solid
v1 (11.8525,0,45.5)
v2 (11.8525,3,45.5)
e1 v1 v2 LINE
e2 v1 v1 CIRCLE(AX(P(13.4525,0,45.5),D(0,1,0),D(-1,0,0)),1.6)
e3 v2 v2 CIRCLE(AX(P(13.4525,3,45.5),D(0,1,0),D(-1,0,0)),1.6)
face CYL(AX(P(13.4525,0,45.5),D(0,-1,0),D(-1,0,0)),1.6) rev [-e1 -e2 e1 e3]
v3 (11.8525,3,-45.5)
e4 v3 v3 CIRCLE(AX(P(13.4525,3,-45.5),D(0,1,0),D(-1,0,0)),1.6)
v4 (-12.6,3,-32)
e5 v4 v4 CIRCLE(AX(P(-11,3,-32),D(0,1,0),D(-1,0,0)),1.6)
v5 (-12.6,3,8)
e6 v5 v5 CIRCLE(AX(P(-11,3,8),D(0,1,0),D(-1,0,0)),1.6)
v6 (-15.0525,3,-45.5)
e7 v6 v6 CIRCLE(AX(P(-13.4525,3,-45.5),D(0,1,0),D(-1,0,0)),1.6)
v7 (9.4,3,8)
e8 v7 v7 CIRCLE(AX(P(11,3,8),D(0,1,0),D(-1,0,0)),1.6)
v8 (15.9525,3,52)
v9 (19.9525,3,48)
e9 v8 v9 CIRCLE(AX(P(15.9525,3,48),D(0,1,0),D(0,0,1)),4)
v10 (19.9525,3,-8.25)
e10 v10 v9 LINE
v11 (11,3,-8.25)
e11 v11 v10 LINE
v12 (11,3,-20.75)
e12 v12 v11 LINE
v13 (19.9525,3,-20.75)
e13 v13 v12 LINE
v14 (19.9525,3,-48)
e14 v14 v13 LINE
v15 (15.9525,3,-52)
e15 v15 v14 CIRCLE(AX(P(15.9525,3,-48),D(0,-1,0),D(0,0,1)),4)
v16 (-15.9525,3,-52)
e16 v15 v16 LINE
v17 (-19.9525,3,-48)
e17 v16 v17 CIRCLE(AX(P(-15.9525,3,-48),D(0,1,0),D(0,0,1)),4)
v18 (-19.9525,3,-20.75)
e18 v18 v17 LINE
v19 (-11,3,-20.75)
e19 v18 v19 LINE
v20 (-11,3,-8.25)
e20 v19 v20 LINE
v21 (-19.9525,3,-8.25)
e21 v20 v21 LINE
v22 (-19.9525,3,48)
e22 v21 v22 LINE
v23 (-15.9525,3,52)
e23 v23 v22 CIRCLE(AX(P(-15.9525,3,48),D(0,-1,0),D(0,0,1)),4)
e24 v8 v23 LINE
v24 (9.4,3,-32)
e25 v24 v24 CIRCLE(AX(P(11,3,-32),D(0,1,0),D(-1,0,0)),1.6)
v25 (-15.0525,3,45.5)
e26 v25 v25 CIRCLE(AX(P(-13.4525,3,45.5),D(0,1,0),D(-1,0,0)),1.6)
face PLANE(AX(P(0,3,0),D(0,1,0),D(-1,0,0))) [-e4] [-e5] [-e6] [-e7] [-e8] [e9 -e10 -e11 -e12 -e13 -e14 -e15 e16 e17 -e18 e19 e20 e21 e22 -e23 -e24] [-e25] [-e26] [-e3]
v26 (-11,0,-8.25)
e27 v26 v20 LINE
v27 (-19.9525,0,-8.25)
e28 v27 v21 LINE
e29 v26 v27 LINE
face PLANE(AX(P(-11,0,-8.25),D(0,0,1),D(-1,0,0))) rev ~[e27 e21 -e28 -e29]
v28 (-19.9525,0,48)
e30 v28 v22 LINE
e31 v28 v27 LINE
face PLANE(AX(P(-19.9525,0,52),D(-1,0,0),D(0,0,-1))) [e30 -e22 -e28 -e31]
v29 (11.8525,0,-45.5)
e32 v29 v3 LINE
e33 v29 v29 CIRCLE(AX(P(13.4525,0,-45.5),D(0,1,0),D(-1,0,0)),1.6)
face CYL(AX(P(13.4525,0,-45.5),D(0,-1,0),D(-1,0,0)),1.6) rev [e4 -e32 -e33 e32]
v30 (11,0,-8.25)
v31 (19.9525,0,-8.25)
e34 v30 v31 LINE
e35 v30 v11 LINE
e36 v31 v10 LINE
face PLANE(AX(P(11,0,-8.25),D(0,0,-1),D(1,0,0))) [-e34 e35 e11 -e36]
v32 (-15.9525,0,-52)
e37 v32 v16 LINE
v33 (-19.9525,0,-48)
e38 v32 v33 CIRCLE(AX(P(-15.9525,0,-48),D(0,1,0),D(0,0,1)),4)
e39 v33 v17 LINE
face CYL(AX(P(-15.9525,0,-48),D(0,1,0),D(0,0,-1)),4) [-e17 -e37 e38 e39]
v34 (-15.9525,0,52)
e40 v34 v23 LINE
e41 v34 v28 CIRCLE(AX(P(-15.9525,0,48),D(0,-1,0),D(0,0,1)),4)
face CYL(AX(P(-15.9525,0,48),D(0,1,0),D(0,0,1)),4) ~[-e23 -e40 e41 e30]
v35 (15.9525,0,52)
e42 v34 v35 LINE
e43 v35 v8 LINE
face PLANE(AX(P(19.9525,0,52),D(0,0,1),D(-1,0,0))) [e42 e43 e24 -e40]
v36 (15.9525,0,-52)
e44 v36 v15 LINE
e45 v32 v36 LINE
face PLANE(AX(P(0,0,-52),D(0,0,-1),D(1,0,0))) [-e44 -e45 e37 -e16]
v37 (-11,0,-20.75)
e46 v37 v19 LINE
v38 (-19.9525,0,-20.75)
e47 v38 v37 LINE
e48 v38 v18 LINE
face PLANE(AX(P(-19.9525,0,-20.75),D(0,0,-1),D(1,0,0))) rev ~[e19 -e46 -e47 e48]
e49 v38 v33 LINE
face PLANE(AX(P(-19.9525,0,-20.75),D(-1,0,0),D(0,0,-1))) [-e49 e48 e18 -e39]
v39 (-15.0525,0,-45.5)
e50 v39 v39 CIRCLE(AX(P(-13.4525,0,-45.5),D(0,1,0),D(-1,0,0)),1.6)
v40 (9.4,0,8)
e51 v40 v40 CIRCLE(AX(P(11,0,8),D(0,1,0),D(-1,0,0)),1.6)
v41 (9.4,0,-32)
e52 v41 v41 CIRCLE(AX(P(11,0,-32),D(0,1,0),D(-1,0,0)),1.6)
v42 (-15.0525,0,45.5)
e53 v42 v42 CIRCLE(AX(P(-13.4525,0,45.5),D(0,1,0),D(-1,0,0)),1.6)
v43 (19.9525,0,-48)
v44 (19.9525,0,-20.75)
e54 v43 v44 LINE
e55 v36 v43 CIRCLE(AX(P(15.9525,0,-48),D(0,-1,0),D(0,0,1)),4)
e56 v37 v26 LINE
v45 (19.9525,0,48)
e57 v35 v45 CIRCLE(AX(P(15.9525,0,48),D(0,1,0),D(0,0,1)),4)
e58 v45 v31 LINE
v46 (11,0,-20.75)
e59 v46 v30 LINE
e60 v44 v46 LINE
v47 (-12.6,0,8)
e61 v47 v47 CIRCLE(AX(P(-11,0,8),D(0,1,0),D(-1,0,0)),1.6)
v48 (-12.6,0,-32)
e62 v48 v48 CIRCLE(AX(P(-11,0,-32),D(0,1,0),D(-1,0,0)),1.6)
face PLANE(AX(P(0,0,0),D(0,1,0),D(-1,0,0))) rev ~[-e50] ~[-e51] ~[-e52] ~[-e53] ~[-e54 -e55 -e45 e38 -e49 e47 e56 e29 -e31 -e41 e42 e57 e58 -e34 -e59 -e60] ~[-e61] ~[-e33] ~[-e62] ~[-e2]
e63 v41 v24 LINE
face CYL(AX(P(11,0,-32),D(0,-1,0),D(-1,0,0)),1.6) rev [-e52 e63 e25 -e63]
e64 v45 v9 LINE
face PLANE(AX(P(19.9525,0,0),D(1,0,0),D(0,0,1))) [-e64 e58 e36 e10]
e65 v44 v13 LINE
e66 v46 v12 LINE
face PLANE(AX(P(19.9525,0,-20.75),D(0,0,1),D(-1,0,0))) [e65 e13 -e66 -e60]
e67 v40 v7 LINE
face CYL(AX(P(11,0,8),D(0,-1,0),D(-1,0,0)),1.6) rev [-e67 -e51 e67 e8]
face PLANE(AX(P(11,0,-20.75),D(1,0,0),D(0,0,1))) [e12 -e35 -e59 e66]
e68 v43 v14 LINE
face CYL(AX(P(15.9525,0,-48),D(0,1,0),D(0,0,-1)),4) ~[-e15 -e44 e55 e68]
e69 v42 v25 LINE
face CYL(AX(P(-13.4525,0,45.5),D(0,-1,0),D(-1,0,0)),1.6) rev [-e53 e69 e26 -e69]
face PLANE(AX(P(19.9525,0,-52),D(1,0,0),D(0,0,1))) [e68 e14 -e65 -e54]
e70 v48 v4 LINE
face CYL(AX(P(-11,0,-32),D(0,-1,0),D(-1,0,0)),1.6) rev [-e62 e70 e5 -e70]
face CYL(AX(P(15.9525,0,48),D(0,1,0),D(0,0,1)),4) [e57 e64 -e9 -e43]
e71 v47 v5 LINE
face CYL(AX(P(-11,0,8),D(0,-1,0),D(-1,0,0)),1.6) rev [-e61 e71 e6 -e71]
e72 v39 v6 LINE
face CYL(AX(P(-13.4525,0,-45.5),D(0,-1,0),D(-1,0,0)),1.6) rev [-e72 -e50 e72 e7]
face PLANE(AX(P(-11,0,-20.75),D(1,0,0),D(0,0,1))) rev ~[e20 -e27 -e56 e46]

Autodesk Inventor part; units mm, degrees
ref_plane "YZ Plane" through (0, 0, 0) normal (1, 0, 0) x (0, 1, 0)
ref_plane "XZ Plane" through (0, 0, 0) normal (0, 1, 0) x (-1, 0, 0)
ref_plane "XY Plane" through (0, 0, 0) normal (0, 0, 1) x (1, 0, 0)
sketch "Sketch1" plane through (0, 0, 0) normal (0, 1, 0) x (-1, 0, 0)
  point P0 (0, 0)
sketch "Sketch2" plane through (0, 0, 0) normal (0, 1, 0) x (-1, 0, 0)
  line L0 (-19.9525, 52) -> (19.9525, 52)
  line L1 (19.9525, 52) -> (19.9525, -52)
  line L2 (19.9525, -52) -> (-19.9525, -52)
  line L3 (-19.9525, -52) -> (-19.9525, 52)
  line L4 (-19.9525, 52) -> (19.9525, -52) construction
  line L5 (19.9525, 52) -> (-19.9525, -52) construction
  circle A0 centre (13.4525, 45.5) radius 1.6
  circle A1 centre (-13.4525, 45.5) radius 1.6
  line L6 (0, 59.3125) -> (0, -64.5558)
  line L7 (36.5125, 0) -> (-39.6875, 0)
  circle A2 centre (13.4525, -45.5) radius 1.6
  circle A3 centre (-13.4525, -45.5) radius 1.6
  line L8 (0, -59.3125) -> (0, 64.5558)
  circle A4 centre (11, 8) radius 1.6
  circle A5 centre (-11, 8) radius 1.6
  circle A6 centre (-11, -32) radius 1.6
  circle A7 centre (11, -32) radius 1.6
  line L9 (-11, -8.25) -> (-20, -8.25)
  line L10 (-20, -20.75) -> (-11, -20.75)
  line L11 (-11, -20.75) -> (-11, -8.25)
  line L12 (-11, -8.25) -> (-20, -20.75) construction
  line L13 (-20, -8.25) -> (-11, -20.75) construction
  line L14 (-11, -8.25) -> (-19.9525, -8.25)
  line L15 (-19.9525, -8.25) -> (-19.9525, -20.75)
  line L16 (-19.9525, -20.75) -> (-11, -20.75)
  line L17 (-11, -20.75) -> (-11, -8.25)
  line L18 (11, -8.25) -> (20, -8.25)
  line L19 (20, -20.75) -> (11, -20.75)
  line L20 (11, -20.75) -> (11, -8.25)
  line L21 (11, -8.25) -> (20, -20.75) construction
  line L22 (20, -8.25) -> (11, -20.75) construction
  line L23 (11, -8.25) -> (19.9525, -8.25)
  line L24 (19.9525, -8.25) -> (19.9525, -20.75)
  line L25 (19.9525, -20.75) -> (11, -20.75)
  line L26 (11, -20.75) -> (11, -8.25)
  point P0 (0, 0)
  point P1 (-15.5, -14.5)
  point P2 (15.5, -14.5)
  point P3 (19.9525, -8.25)
  dimension "d0" = 104
  dimension "d1" = 39.905
  dimension "d2" = 3.2
  dimension "d3" = 3.2
  dimension "d5" = 6.5
  dimension "d7" = 6.5
  dimension "d11" = 3.2
  dimension "d12" = 3.2
  dimension "d13" = 11
  dimension "d14" = 11
  dimension "d15" = 8
  dimension "d16" = 8
  dimension "d17" = 3.2
  dimension "d18" = 3.2
  dimension "d19" = 40
  dimension "d20" = 40
  dimension "d21" = 11
  dimension "d22" = 11
  dimension "d23" = 12.5
  dimension "d24" = 9
  dimension "d25" = 8.25
  dimension "d26" = 11
  dimension "d27" = 6.5
  dimension "d28" = 6.5
extrude "Extrusion1" add sketch "Sketch2" along normal blind 3 contours L0 L6 L7 L3 | L0 L1 L7 L6 | L7 L6 L2 L3 L10 L11 L9 | L7 L1 L18 L20 L19 L2 L6
fillet "Fillet1" radius 4 4 edges at (19.9525, 1.5, 52) (-19.9525, 1.5, 52) (19.9525, 1.5, -52) (-19.9525, 1.5, -52)
sketch "Sketch3" plane through (0, 3, 0) normal (0, 1, 0) x (1, 0, 0)
  circle A0 centre (0, -0.0025) radius 10
  circle A1 centre (11, 32) radius 1.6 projected
  circle A2 centre (-11, 32) radius 1.6 projected
  circle A3 centre (-11, -8) radius 1.6 projected
  circle A4 centre (11, -8) radius 1.6 projected
  point P0 (0, 0)
  dimension "d35" = 13.6
  dimension "d36" = 13.6
properties part number "bottom"
